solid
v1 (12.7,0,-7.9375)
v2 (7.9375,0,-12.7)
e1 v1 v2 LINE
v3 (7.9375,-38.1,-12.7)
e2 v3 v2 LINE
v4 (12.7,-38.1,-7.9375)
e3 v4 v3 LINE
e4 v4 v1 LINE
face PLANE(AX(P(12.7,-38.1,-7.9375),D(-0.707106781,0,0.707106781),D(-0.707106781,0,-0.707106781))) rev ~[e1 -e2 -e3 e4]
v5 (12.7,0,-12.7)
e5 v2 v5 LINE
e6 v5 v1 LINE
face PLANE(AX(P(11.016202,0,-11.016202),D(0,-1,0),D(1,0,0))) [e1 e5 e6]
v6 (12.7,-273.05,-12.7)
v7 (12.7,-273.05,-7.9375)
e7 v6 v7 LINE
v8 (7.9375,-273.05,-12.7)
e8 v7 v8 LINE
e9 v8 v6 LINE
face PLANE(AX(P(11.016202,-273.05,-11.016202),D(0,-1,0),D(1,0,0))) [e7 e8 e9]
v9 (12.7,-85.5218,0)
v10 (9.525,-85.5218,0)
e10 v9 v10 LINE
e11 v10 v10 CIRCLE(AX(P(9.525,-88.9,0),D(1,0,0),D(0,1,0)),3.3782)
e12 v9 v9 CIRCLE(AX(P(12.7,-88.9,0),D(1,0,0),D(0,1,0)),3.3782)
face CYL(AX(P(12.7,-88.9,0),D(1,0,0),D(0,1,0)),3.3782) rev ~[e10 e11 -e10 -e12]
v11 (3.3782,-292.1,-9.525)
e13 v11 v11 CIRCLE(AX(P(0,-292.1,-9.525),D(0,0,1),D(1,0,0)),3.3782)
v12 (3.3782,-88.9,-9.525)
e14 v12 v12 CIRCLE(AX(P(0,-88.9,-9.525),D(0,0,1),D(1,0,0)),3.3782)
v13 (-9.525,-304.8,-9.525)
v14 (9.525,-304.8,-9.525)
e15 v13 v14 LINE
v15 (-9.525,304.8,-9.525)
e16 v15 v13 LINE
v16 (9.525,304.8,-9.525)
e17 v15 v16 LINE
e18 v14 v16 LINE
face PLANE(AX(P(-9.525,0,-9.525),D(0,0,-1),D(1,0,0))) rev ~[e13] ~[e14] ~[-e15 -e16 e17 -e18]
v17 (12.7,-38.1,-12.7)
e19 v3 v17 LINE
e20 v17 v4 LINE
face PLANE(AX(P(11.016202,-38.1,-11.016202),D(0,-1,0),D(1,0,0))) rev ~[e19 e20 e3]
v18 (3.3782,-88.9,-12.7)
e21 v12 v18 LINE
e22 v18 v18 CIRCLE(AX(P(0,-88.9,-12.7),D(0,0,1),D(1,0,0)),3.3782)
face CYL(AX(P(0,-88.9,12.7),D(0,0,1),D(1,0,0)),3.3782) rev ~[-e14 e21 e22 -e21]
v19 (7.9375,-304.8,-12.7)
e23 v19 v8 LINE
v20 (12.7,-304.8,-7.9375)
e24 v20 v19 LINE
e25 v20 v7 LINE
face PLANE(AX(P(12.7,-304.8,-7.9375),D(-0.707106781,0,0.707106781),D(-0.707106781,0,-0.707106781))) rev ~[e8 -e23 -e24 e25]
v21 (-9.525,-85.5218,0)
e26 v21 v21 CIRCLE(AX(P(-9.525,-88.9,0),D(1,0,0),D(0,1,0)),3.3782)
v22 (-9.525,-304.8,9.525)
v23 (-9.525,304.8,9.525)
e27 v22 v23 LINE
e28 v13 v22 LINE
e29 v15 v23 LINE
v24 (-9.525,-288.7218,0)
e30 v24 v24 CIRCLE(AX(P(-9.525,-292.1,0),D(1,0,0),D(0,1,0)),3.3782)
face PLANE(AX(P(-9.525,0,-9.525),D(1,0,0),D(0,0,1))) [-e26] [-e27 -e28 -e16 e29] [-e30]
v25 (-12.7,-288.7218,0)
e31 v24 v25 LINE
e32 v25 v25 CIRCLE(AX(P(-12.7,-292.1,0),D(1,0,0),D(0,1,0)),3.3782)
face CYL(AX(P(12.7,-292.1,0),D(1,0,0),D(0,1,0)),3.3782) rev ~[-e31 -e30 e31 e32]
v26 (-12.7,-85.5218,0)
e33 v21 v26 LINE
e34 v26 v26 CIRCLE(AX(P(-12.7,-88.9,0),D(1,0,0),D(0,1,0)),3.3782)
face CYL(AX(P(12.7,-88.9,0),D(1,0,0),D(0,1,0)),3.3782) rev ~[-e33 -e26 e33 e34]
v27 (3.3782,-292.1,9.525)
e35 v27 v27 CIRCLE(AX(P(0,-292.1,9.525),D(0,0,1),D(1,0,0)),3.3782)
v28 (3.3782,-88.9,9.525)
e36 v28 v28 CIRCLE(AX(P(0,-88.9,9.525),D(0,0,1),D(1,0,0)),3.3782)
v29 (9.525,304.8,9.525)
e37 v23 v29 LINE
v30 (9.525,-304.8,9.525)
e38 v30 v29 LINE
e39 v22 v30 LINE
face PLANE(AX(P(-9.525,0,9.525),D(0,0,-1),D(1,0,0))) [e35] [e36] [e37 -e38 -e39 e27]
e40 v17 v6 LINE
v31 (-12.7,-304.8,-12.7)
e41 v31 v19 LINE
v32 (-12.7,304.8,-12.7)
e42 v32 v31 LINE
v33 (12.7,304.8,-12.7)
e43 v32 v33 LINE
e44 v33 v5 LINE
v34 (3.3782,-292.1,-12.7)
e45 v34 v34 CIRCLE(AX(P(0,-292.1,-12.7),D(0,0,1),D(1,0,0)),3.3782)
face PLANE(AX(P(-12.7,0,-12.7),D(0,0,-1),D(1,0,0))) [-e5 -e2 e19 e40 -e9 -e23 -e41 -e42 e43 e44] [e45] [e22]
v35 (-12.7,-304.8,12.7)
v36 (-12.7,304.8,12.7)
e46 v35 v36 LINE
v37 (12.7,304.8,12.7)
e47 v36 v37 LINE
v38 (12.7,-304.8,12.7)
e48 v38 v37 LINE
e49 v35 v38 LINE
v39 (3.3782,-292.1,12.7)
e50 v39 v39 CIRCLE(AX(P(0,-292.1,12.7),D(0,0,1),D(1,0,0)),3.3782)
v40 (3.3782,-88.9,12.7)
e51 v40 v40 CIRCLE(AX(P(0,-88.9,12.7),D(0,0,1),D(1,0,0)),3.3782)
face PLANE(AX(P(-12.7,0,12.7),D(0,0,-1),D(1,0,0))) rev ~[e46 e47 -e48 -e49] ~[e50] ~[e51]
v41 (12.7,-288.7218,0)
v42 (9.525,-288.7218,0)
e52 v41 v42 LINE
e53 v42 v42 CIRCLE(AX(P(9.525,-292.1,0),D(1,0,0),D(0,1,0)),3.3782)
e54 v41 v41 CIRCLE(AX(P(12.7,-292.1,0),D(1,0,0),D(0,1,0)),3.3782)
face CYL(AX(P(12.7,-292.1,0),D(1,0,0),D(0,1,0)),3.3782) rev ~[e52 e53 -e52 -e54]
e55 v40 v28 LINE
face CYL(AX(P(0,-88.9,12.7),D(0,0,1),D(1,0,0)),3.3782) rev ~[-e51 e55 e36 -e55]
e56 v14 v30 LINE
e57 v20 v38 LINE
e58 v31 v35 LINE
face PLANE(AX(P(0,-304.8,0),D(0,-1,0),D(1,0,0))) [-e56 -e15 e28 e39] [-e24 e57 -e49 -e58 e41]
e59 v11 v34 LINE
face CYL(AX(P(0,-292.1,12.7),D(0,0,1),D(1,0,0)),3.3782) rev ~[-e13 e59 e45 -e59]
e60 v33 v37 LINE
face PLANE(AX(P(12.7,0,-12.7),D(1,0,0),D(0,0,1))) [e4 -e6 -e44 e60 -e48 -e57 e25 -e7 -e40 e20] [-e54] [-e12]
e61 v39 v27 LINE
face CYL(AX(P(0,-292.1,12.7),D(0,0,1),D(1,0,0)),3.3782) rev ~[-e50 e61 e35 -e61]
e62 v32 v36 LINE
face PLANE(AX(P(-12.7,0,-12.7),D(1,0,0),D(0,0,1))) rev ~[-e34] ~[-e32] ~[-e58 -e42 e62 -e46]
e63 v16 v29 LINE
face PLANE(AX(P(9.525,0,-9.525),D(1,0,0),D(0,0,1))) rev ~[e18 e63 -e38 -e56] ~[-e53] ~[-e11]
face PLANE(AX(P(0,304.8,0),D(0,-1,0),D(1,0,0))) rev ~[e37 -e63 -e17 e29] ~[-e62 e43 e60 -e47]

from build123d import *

# Parameters (mm, degrees)
F0_W      = 25.4
F0_H      = 25.4
F0_W_2    = 19.05
F0_H_2    = 19.05
F1_DEPTH  = 304.8
F2_R      = 3.3782
F3_DEPTH  = 25.4
F4_R      = 3.3782
F5_DEPTH  = 25.4
F7_DEPTH  = 31.75
F10_DEPTH = 38.1


with BuildPart() as f1:
    # F0 (on Front) → F1 (new body, symmetric)
    with BuildSketch(Plane.XZ):
        Rectangle(F0_W, F0_H)
        Rectangle(F0_W_2, F0_H_2, mode=Mode.SUBTRACT)
    extrude(amount=F1_DEPTH, both=True)

    # F2 (on face) → F3 (cut, through all)
    with BuildSketch(Plane.XY.offset(12.7)):
        with Locations((0, -292.1)):
            Circle(F2_R)
        with Locations((0, -88.9)):
            Circle(F2_R)
    extrude(amount=-F3_DEPTH, mode=Mode.SUBTRACT)

    # F4 (on face) → F5 (cut, through all)
    with BuildSketch(Plane.YZ.offset(12.7)):
        with Locations((-292.1, 0)):
            Circle(F4_R)
        with Locations((-88.9, 0)):
            Circle(F4_R)
    extrude(amount=-F5_DEPTH, mode=Mode.SUBTRACT)

    # F6 (on face) → F7 (cut)
    with BuildSketch(Plane.XZ.offset(304.8)):
        Polygon((12.7, -12.7), (12.7, -7.9375), (7.9375, -12.7), align=None)
    extrude(amount=-F7_DEPTH, mode=Mode.SUBTRACT)

    # F9 (on offset) → F10 (cut)
    with BuildSketch(Plane.XZ.offset(38.1)):
        Polygon((12.7, -12.7), (12.7, -7.9375), (7.9375, -12.7), align=None)
    extrude(amount=-F10_DEPTH, mode=Mode.SUBTRACT)


solid = f1.part
